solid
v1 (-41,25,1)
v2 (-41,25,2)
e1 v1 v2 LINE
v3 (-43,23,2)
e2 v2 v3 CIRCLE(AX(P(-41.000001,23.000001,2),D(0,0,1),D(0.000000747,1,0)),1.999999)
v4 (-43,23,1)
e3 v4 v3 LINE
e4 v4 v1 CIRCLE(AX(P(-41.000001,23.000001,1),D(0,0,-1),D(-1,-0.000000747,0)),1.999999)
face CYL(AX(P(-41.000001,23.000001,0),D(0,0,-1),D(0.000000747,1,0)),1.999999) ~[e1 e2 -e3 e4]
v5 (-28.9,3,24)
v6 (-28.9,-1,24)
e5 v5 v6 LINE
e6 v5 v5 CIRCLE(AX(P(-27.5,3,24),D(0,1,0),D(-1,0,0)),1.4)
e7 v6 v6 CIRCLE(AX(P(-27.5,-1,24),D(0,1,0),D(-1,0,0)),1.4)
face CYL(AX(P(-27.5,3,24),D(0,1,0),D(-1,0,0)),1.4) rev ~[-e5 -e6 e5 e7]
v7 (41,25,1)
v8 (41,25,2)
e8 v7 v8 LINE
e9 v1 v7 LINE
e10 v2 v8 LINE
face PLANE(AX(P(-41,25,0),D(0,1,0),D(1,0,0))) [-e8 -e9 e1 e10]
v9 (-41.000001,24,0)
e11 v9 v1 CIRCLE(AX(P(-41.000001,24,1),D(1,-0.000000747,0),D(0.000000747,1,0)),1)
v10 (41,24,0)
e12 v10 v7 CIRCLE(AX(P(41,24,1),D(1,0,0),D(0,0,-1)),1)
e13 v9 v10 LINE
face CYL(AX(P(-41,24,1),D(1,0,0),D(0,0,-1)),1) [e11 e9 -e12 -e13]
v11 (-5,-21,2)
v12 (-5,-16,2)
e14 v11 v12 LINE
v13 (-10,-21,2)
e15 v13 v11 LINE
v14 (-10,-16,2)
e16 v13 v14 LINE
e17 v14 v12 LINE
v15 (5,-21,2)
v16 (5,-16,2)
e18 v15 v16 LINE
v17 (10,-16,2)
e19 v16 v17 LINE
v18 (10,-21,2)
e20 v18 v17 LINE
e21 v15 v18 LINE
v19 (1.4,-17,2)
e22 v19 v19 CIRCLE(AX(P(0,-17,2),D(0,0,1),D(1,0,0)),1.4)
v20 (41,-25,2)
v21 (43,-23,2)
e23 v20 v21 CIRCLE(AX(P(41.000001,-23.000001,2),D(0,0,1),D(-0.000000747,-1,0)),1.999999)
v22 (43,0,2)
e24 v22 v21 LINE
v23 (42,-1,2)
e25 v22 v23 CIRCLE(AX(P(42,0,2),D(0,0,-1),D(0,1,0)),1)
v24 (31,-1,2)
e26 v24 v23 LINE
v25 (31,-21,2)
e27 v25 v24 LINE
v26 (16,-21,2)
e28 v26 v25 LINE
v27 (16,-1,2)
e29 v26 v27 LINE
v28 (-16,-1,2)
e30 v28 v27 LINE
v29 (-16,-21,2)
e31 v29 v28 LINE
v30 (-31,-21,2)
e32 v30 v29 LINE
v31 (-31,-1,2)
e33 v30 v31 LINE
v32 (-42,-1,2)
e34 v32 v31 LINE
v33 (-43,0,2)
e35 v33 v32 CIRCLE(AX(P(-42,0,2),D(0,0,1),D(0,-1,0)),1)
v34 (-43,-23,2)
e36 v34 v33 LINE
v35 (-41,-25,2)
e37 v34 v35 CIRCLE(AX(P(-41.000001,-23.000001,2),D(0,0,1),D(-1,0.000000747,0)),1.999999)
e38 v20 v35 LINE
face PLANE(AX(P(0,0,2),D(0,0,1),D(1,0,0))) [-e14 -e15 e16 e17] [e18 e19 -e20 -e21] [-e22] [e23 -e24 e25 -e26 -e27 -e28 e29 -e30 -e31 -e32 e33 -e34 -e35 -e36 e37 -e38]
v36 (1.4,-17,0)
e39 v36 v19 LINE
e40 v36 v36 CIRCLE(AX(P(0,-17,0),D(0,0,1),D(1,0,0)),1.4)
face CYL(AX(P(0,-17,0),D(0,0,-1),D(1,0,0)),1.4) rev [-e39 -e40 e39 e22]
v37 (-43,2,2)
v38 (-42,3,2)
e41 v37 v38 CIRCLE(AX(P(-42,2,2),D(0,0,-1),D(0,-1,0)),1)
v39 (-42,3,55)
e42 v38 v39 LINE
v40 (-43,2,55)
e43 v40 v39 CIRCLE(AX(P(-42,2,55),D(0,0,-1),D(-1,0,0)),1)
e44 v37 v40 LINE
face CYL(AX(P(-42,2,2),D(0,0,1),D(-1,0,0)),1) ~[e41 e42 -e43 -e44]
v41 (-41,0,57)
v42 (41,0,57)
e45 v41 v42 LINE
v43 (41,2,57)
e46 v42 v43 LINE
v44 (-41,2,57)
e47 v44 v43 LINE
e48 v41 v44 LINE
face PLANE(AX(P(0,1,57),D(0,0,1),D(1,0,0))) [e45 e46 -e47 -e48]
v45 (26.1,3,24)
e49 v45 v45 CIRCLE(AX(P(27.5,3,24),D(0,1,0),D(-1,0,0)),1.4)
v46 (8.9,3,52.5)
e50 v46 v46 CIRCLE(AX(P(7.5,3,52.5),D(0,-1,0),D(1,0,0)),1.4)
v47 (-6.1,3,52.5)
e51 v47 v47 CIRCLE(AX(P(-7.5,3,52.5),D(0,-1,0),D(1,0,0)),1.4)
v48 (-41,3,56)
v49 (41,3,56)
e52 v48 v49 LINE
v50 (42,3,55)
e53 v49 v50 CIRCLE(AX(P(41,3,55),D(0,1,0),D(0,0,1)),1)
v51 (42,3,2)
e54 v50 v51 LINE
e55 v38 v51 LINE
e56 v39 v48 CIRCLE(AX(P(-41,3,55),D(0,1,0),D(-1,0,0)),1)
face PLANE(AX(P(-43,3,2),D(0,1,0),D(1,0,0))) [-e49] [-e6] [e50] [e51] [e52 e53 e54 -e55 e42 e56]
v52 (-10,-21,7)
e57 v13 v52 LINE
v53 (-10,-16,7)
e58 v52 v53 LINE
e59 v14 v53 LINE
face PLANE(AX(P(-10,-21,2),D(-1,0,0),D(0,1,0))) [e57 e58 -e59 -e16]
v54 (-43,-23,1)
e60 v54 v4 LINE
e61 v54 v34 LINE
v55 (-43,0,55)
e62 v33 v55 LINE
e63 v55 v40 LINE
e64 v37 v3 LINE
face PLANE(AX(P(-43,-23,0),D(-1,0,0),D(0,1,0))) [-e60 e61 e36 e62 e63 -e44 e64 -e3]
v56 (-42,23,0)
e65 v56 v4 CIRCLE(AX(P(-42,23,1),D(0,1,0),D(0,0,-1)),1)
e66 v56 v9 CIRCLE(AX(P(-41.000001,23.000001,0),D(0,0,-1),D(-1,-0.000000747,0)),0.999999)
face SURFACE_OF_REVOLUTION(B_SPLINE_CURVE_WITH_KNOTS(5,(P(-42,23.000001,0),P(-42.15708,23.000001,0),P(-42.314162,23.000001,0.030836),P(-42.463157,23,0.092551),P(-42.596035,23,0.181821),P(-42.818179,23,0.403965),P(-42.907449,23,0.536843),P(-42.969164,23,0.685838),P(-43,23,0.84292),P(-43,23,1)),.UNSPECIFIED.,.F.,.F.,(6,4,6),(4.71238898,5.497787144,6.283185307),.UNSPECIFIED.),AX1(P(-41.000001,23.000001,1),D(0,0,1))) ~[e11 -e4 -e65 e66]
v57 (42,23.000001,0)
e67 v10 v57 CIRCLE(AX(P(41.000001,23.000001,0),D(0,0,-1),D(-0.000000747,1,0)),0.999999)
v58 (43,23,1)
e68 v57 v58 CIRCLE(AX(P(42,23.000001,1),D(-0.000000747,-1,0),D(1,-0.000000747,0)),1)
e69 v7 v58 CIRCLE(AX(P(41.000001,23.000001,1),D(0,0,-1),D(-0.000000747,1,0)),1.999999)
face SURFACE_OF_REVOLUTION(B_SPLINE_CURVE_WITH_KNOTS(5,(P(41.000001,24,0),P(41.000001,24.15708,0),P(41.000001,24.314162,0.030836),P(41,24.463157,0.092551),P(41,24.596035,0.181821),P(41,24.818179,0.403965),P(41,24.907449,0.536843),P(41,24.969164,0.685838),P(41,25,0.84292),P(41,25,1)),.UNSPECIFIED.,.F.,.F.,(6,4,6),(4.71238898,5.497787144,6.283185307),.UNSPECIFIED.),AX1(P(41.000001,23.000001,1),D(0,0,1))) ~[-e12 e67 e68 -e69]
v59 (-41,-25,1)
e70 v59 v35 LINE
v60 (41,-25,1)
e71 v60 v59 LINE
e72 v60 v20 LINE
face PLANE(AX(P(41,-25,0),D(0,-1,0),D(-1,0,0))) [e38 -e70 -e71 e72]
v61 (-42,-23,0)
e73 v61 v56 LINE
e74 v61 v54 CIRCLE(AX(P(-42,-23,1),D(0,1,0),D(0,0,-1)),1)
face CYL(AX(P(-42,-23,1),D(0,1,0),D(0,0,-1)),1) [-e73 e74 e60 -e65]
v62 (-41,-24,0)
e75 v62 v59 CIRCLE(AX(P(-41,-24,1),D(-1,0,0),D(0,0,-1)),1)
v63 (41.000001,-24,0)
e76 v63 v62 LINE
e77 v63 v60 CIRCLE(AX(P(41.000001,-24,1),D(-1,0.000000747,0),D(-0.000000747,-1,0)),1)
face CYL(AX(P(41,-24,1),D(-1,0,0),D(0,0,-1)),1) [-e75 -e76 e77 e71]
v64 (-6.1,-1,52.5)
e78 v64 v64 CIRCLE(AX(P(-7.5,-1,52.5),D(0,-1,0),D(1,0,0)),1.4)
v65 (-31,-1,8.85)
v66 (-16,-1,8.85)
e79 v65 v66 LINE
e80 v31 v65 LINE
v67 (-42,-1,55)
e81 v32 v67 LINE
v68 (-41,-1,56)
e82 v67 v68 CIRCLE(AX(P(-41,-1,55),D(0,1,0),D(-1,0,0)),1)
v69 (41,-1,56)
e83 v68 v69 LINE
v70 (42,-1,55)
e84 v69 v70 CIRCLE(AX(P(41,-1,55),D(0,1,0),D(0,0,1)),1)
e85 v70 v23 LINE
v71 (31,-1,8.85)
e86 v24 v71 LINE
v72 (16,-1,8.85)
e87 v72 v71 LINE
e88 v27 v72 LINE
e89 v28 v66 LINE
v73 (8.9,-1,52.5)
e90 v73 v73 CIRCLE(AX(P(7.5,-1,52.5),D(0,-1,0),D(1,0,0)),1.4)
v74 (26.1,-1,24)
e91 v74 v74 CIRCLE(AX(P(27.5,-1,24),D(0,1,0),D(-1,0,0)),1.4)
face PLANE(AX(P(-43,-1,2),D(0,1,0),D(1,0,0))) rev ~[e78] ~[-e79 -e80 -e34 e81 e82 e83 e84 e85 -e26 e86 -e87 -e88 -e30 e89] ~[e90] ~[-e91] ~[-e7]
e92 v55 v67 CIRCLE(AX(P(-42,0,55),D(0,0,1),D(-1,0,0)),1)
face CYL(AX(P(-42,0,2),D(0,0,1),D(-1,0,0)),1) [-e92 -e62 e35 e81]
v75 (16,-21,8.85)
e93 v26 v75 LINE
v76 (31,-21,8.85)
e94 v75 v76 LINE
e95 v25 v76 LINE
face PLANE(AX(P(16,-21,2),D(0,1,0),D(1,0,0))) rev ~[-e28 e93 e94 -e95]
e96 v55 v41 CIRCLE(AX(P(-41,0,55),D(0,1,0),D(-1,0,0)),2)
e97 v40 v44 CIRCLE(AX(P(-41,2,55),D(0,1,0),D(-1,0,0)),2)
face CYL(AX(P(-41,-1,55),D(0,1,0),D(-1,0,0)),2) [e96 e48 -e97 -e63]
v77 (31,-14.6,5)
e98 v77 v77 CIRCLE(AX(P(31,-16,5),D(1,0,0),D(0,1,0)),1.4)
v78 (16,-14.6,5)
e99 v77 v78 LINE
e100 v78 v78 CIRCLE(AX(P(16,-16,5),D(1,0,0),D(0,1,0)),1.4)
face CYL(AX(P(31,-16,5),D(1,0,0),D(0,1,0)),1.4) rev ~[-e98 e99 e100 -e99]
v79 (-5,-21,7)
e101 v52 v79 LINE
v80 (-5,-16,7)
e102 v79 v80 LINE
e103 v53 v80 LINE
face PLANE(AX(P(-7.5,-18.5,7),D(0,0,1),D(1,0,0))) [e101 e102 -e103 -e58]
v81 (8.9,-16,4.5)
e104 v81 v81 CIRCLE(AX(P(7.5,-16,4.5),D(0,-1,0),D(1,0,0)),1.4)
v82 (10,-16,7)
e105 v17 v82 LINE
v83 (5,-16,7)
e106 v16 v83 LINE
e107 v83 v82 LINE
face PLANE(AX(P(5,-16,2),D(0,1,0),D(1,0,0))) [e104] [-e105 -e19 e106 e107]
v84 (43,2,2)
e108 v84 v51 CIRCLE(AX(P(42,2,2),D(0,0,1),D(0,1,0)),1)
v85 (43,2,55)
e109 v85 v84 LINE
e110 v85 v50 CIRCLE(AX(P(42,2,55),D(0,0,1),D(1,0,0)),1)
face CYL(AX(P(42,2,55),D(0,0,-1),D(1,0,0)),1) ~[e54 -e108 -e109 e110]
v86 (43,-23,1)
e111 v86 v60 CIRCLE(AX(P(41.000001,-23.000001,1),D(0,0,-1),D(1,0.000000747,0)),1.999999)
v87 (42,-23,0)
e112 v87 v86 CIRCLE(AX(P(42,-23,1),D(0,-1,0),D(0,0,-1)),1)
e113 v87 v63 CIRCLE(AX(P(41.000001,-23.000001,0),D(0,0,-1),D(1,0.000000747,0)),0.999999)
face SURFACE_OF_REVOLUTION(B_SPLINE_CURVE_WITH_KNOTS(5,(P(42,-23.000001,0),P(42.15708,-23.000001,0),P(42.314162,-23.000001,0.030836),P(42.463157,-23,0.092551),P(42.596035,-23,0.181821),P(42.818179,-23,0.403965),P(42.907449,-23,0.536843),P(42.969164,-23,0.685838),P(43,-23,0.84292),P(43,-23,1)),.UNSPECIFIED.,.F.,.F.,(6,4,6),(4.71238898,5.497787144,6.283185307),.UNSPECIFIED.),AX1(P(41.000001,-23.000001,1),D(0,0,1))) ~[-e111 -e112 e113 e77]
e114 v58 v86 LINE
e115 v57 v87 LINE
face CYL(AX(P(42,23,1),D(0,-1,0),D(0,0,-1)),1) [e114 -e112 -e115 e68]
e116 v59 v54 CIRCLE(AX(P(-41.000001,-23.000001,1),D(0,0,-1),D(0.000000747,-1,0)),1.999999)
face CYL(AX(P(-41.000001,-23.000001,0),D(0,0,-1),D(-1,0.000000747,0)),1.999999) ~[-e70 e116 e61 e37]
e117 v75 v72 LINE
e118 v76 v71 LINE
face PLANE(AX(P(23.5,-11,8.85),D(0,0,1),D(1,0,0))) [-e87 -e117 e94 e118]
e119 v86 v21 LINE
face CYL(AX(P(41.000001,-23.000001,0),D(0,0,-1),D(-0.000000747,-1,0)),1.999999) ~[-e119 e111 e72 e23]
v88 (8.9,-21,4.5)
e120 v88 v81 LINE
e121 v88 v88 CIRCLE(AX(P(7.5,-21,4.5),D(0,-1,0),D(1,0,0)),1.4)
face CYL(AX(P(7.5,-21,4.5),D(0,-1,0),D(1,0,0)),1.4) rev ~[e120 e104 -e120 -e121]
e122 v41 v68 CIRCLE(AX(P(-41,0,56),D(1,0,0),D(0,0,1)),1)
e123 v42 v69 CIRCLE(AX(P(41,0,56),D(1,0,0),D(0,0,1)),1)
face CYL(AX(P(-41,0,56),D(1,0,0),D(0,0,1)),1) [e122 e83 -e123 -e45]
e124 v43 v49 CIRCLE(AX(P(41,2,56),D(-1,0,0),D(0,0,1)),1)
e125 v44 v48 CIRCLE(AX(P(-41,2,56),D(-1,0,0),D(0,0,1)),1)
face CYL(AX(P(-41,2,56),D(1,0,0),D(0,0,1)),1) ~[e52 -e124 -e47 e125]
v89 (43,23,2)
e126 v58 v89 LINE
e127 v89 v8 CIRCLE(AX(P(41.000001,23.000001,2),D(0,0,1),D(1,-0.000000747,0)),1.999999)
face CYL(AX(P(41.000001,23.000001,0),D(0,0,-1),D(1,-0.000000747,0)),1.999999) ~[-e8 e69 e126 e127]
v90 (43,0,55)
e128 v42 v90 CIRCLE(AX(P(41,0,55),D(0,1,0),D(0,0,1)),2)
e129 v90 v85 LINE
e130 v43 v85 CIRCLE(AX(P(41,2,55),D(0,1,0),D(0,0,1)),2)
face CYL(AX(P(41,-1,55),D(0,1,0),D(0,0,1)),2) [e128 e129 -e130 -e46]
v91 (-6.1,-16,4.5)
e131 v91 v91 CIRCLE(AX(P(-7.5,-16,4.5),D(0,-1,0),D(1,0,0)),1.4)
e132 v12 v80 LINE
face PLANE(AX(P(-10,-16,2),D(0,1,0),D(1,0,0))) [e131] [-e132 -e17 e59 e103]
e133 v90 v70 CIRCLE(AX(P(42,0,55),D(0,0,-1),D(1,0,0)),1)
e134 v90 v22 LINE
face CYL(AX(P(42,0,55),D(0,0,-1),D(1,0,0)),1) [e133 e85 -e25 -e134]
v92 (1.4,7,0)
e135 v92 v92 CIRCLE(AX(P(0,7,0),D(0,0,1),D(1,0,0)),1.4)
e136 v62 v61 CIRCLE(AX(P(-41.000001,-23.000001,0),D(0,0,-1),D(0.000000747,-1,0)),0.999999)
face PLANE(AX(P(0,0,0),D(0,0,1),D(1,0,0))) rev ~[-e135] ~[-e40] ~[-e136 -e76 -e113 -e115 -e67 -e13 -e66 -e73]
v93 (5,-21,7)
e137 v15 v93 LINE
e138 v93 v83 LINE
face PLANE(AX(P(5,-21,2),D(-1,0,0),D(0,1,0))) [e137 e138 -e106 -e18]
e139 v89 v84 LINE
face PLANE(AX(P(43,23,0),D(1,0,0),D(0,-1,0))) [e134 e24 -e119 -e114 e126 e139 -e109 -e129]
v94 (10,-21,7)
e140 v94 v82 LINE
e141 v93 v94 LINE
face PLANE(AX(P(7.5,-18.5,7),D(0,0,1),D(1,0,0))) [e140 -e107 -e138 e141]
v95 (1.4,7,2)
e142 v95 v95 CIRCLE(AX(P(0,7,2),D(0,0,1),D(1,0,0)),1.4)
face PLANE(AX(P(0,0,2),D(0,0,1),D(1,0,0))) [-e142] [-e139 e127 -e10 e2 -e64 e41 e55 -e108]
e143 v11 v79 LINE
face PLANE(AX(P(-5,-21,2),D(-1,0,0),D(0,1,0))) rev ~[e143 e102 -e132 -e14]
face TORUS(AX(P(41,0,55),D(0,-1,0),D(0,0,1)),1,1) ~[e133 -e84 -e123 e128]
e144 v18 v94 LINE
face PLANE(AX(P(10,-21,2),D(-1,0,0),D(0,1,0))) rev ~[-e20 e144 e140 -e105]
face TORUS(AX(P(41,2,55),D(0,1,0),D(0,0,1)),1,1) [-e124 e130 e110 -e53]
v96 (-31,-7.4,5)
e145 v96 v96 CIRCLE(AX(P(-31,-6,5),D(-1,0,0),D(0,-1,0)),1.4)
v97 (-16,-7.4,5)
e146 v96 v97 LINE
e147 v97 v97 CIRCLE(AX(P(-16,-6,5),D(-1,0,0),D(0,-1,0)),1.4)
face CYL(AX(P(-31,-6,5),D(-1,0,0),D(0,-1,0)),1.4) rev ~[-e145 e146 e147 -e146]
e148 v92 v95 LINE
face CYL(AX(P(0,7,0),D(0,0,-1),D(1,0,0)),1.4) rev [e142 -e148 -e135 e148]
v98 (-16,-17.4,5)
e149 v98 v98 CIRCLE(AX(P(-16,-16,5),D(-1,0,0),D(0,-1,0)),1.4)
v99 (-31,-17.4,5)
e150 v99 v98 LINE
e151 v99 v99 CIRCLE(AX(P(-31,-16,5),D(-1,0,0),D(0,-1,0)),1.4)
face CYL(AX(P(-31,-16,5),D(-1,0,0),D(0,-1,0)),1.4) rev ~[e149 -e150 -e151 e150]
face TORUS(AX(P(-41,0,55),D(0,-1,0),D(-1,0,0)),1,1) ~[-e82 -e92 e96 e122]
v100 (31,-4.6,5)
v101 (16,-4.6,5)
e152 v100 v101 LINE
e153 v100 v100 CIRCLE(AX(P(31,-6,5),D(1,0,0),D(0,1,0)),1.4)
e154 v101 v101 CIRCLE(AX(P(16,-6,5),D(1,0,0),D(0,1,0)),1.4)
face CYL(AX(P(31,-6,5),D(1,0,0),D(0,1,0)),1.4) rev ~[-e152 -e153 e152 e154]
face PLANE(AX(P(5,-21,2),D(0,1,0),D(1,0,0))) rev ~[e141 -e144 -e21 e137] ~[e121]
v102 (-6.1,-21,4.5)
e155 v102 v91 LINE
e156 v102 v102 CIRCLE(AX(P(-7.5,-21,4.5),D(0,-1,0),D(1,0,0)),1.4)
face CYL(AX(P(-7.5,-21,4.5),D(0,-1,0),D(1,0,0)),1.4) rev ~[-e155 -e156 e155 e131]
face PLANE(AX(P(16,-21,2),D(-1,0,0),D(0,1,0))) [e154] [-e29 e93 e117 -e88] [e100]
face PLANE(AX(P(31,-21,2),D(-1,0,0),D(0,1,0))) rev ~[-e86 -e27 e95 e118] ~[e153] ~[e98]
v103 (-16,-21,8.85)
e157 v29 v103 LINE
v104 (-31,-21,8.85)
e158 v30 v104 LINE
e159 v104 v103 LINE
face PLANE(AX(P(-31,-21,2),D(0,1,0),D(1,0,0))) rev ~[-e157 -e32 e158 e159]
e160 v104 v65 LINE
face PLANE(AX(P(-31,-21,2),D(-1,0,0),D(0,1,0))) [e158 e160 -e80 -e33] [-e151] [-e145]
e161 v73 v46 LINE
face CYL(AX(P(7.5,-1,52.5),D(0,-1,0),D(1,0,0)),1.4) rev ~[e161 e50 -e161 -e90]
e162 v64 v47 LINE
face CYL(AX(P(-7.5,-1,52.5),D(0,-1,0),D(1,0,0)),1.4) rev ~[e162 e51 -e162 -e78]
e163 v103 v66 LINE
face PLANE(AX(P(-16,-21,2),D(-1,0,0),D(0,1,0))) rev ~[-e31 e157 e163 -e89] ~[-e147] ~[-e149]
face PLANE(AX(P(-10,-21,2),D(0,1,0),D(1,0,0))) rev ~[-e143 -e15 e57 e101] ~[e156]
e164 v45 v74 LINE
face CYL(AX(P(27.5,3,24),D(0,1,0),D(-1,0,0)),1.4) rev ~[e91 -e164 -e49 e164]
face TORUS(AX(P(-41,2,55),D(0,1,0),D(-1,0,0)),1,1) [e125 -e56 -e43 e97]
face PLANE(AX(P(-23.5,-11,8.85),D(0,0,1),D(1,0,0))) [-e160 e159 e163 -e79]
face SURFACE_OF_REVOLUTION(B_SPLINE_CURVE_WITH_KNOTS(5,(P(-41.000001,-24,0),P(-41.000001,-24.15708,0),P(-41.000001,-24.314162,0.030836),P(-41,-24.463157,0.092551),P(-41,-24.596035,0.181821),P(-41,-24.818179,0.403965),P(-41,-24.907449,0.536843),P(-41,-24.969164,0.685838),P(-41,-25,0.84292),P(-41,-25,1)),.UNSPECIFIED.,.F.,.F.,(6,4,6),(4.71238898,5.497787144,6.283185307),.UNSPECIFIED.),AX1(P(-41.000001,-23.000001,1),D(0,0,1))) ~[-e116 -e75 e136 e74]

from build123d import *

# Parameters (mm, degrees)
SKETCH_R        = 1.4
PAD_DEPTH       = 2
SKETCH001_W     = 86
SKETCH001_H     = 4
PAD001_DEPTH    = 55
FILLET_R        = 2
FILLET001_R     = 2
FILLET002_R     = 1
FILLET003_R     = 1
FILLET004_R     = 1
SKETCH002_R     = 1.4
POCKET_DEPTH    = 5
SKETCH003_W     = 15
SKETCH003_H     = 20
PAD002_DEPTH    = 6.85
SKETCH004_R     = 1.4
POCKET001_DEPTH = 15
SKETCH005_R     = 1.4
POCKET002_DEPTH = 20
SKETCH006_W     = 5
SKETCH006_H     = 5
PAD003_DEPTH    = 5
SKETCH007_R     = 1.4
POCKET003_DEPTH = 5
SKETCH008_R     = 1.4
POCKET004_DEPTH = 5
SKETCH009_R     = 1.4
POCKET005_DEPTH = 4


with BuildPart() as part:
    # Sketch → Pad (new body)
    with BuildSketch(Plane.XY):
        with BuildLine():
            ThreePointArc((-41, 25), (-42.414214, 24.414214), (-43, 23))
            Line((-43, -23), (-43, 23))
            ThreePointArc((-43, -23), (-42.414214, -24.414214), (-41, -25))
            Line((41, -25), (-41, -25))
            ThreePointArc((41, -25), (42.414214, -24.414214), (43, -23))
            Line((43, 23), (43, -23))
            ThreePointArc((43, 23), (42.414214, 24.414214), (41, 25))
            Line((-41, 25), (41, 25))
        make_face()
        with Locations((0, 7)):
            Circle(SKETCH_R, mode=Mode.SUBTRACT)
        with Locations((0, -17)):
            Circle(SKETCH_R, mode=Mode.SUBTRACT)
    extrude(amount=PAD_DEPTH)

    # Sketch001 (on Face12 of Pad) → Pad001 (join)
    with BuildSketch(Plane.XY.offset(2)):
        with Locations((0, 1)):
            Rectangle(SKETCH001_W, SKETCH001_H)
    extrude(amount=PAD001_DEPTH)

    # Fillet
    fillet_edges = [part.edges().sort_by_distance(p)[0] for p in [
        (-43, 1, 57),
    ]]
    fillet(fillet_edges, radius=FILLET_R)

    # Fillet001
    fillet001_edges = [part.edges().sort_by_distance(p)[0] for p in [
        (43, 1, 57),
    ]]
    fillet(fillet001_edges, radius=FILLET001_R)

    # Fillet002
    fillet002_edges = [part.edges().sort_by_distance(p)[0] for p in [
        (-43, 3, 28.5),
    ]]
    fillet(fillet002_edges, radius=FILLET002_R)

    # Fillet003
    fillet003_edges = [part.edges().sort_by_distance(p)[0] for p in [
        (-43, -1, 28.5),
    ]]
    fillet(fillet003_edges, radius=FILLET003_R)

    # Fillet004
    fillet004_edges = [part.edges().sort_by_distance(p)[0] for p in [
        (-43, 0, 0),
    ]]
    fillet(fillet004_edges, radius=FILLET004_R)

    # Sketch002 (on Face12 of Fillet004) → Pocket (cut)
    with BuildSketch(Plane(origin=(0, 3, 0), x_dir=(-1, 0, 0), z_dir=(0, 1, 0))):
        with Locations((-27.5, 24)):
            Circle(SKETCH002_R)
        with Locations((27.5, 24)):
            Circle(SKETCH002_R)
    extrude(amount=-POCKET_DEPTH, mode=Mode.SUBTRACT)

    # Sketch003 (on Face6 of Pocket) → Pad002 (join)
    with BuildSketch(Plane.XY.offset(2)):
        with Locations((-23.5, -11)):
            Rectangle(SKETCH003_W, SKETCH003_H)
        with Locations((23.5, -11)):
            Rectangle(SKETCH003_W, SKETCH003_H)
    extrude(amount=PAD002_DEPTH)

    # Sketch004 (on Face23 of Pad002) → Pocket001 (cut)
    with BuildSketch(Plane(origin=(-31, 0, 0), x_dir=(0, -1, 0), z_dir=(-1, 0, 0))):
        with Locations((6, 5)):
            Circle(SKETCH004_R)
        with Locations((16, 5)):
            Circle(SKETCH004_R)
    extrude(amount=-POCKET001_DEPTH, mode=Mode.SUBTRACT)

    # Sketch005 (on Face28 of Pocket001) → Pocket002 (cut)
    with BuildSketch(Plane.YZ.offset(31)):
        with Locations((-16, 5)):
            Circle(SKETCH005_R)
        with Locations((-6, 5)):
            Circle(SKETCH005_R)
    extrude(amount=-POCKET002_DEPTH, mode=Mode.SUBTRACT)

    # Sketch006 (on Face6 of Pocket002) → Pad003 (join)
    with BuildSketch(Plane.XY.offset(2)):
        with Locations((-7.5, -18.5)):
            Rectangle(SKETCH006_W, SKETCH006_H)
        with Locations((7.5, -18.5)):
            Rectangle(SKETCH006_W, SKETCH006_H)
    extrude(amount=PAD003_DEPTH)

    # Sketch007 (on Face30 of Pad003) → Pocket003 (cut)
    with BuildSketch(Plane.XZ.offset(21)):
        with Locations((-7.5, 4.5)):
            Circle(SKETCH007_R)
    extrude(amount=-POCKET003_DEPTH, mode=Mode.SUBTRACT)

    # Sketch008 (on Face34 of Pocket003) → Pocket004 (cut)
    with BuildSketch(Plane.XZ.offset(21)):
        with Locations((7.5, 4.5)):
            Circle(SKETCH008_R)
    extrude(amount=-POCKET004_DEPTH, mode=Mode.SUBTRACT)

    # Sketch009 (on Face20 of Pocket004) → Pocket005 (cut)
    with BuildSketch(Plane.XZ.offset(1)):
        with Locations((-7.5, 52.5)):
            Circle(SKETCH009_R)
        with Locations((7.5, 52.5)):
            Circle(SKETCH009_R)
    extrude(amount=-POCKET005_DEPTH, mode=Mode.SUBTRACT)


solid = part.part
